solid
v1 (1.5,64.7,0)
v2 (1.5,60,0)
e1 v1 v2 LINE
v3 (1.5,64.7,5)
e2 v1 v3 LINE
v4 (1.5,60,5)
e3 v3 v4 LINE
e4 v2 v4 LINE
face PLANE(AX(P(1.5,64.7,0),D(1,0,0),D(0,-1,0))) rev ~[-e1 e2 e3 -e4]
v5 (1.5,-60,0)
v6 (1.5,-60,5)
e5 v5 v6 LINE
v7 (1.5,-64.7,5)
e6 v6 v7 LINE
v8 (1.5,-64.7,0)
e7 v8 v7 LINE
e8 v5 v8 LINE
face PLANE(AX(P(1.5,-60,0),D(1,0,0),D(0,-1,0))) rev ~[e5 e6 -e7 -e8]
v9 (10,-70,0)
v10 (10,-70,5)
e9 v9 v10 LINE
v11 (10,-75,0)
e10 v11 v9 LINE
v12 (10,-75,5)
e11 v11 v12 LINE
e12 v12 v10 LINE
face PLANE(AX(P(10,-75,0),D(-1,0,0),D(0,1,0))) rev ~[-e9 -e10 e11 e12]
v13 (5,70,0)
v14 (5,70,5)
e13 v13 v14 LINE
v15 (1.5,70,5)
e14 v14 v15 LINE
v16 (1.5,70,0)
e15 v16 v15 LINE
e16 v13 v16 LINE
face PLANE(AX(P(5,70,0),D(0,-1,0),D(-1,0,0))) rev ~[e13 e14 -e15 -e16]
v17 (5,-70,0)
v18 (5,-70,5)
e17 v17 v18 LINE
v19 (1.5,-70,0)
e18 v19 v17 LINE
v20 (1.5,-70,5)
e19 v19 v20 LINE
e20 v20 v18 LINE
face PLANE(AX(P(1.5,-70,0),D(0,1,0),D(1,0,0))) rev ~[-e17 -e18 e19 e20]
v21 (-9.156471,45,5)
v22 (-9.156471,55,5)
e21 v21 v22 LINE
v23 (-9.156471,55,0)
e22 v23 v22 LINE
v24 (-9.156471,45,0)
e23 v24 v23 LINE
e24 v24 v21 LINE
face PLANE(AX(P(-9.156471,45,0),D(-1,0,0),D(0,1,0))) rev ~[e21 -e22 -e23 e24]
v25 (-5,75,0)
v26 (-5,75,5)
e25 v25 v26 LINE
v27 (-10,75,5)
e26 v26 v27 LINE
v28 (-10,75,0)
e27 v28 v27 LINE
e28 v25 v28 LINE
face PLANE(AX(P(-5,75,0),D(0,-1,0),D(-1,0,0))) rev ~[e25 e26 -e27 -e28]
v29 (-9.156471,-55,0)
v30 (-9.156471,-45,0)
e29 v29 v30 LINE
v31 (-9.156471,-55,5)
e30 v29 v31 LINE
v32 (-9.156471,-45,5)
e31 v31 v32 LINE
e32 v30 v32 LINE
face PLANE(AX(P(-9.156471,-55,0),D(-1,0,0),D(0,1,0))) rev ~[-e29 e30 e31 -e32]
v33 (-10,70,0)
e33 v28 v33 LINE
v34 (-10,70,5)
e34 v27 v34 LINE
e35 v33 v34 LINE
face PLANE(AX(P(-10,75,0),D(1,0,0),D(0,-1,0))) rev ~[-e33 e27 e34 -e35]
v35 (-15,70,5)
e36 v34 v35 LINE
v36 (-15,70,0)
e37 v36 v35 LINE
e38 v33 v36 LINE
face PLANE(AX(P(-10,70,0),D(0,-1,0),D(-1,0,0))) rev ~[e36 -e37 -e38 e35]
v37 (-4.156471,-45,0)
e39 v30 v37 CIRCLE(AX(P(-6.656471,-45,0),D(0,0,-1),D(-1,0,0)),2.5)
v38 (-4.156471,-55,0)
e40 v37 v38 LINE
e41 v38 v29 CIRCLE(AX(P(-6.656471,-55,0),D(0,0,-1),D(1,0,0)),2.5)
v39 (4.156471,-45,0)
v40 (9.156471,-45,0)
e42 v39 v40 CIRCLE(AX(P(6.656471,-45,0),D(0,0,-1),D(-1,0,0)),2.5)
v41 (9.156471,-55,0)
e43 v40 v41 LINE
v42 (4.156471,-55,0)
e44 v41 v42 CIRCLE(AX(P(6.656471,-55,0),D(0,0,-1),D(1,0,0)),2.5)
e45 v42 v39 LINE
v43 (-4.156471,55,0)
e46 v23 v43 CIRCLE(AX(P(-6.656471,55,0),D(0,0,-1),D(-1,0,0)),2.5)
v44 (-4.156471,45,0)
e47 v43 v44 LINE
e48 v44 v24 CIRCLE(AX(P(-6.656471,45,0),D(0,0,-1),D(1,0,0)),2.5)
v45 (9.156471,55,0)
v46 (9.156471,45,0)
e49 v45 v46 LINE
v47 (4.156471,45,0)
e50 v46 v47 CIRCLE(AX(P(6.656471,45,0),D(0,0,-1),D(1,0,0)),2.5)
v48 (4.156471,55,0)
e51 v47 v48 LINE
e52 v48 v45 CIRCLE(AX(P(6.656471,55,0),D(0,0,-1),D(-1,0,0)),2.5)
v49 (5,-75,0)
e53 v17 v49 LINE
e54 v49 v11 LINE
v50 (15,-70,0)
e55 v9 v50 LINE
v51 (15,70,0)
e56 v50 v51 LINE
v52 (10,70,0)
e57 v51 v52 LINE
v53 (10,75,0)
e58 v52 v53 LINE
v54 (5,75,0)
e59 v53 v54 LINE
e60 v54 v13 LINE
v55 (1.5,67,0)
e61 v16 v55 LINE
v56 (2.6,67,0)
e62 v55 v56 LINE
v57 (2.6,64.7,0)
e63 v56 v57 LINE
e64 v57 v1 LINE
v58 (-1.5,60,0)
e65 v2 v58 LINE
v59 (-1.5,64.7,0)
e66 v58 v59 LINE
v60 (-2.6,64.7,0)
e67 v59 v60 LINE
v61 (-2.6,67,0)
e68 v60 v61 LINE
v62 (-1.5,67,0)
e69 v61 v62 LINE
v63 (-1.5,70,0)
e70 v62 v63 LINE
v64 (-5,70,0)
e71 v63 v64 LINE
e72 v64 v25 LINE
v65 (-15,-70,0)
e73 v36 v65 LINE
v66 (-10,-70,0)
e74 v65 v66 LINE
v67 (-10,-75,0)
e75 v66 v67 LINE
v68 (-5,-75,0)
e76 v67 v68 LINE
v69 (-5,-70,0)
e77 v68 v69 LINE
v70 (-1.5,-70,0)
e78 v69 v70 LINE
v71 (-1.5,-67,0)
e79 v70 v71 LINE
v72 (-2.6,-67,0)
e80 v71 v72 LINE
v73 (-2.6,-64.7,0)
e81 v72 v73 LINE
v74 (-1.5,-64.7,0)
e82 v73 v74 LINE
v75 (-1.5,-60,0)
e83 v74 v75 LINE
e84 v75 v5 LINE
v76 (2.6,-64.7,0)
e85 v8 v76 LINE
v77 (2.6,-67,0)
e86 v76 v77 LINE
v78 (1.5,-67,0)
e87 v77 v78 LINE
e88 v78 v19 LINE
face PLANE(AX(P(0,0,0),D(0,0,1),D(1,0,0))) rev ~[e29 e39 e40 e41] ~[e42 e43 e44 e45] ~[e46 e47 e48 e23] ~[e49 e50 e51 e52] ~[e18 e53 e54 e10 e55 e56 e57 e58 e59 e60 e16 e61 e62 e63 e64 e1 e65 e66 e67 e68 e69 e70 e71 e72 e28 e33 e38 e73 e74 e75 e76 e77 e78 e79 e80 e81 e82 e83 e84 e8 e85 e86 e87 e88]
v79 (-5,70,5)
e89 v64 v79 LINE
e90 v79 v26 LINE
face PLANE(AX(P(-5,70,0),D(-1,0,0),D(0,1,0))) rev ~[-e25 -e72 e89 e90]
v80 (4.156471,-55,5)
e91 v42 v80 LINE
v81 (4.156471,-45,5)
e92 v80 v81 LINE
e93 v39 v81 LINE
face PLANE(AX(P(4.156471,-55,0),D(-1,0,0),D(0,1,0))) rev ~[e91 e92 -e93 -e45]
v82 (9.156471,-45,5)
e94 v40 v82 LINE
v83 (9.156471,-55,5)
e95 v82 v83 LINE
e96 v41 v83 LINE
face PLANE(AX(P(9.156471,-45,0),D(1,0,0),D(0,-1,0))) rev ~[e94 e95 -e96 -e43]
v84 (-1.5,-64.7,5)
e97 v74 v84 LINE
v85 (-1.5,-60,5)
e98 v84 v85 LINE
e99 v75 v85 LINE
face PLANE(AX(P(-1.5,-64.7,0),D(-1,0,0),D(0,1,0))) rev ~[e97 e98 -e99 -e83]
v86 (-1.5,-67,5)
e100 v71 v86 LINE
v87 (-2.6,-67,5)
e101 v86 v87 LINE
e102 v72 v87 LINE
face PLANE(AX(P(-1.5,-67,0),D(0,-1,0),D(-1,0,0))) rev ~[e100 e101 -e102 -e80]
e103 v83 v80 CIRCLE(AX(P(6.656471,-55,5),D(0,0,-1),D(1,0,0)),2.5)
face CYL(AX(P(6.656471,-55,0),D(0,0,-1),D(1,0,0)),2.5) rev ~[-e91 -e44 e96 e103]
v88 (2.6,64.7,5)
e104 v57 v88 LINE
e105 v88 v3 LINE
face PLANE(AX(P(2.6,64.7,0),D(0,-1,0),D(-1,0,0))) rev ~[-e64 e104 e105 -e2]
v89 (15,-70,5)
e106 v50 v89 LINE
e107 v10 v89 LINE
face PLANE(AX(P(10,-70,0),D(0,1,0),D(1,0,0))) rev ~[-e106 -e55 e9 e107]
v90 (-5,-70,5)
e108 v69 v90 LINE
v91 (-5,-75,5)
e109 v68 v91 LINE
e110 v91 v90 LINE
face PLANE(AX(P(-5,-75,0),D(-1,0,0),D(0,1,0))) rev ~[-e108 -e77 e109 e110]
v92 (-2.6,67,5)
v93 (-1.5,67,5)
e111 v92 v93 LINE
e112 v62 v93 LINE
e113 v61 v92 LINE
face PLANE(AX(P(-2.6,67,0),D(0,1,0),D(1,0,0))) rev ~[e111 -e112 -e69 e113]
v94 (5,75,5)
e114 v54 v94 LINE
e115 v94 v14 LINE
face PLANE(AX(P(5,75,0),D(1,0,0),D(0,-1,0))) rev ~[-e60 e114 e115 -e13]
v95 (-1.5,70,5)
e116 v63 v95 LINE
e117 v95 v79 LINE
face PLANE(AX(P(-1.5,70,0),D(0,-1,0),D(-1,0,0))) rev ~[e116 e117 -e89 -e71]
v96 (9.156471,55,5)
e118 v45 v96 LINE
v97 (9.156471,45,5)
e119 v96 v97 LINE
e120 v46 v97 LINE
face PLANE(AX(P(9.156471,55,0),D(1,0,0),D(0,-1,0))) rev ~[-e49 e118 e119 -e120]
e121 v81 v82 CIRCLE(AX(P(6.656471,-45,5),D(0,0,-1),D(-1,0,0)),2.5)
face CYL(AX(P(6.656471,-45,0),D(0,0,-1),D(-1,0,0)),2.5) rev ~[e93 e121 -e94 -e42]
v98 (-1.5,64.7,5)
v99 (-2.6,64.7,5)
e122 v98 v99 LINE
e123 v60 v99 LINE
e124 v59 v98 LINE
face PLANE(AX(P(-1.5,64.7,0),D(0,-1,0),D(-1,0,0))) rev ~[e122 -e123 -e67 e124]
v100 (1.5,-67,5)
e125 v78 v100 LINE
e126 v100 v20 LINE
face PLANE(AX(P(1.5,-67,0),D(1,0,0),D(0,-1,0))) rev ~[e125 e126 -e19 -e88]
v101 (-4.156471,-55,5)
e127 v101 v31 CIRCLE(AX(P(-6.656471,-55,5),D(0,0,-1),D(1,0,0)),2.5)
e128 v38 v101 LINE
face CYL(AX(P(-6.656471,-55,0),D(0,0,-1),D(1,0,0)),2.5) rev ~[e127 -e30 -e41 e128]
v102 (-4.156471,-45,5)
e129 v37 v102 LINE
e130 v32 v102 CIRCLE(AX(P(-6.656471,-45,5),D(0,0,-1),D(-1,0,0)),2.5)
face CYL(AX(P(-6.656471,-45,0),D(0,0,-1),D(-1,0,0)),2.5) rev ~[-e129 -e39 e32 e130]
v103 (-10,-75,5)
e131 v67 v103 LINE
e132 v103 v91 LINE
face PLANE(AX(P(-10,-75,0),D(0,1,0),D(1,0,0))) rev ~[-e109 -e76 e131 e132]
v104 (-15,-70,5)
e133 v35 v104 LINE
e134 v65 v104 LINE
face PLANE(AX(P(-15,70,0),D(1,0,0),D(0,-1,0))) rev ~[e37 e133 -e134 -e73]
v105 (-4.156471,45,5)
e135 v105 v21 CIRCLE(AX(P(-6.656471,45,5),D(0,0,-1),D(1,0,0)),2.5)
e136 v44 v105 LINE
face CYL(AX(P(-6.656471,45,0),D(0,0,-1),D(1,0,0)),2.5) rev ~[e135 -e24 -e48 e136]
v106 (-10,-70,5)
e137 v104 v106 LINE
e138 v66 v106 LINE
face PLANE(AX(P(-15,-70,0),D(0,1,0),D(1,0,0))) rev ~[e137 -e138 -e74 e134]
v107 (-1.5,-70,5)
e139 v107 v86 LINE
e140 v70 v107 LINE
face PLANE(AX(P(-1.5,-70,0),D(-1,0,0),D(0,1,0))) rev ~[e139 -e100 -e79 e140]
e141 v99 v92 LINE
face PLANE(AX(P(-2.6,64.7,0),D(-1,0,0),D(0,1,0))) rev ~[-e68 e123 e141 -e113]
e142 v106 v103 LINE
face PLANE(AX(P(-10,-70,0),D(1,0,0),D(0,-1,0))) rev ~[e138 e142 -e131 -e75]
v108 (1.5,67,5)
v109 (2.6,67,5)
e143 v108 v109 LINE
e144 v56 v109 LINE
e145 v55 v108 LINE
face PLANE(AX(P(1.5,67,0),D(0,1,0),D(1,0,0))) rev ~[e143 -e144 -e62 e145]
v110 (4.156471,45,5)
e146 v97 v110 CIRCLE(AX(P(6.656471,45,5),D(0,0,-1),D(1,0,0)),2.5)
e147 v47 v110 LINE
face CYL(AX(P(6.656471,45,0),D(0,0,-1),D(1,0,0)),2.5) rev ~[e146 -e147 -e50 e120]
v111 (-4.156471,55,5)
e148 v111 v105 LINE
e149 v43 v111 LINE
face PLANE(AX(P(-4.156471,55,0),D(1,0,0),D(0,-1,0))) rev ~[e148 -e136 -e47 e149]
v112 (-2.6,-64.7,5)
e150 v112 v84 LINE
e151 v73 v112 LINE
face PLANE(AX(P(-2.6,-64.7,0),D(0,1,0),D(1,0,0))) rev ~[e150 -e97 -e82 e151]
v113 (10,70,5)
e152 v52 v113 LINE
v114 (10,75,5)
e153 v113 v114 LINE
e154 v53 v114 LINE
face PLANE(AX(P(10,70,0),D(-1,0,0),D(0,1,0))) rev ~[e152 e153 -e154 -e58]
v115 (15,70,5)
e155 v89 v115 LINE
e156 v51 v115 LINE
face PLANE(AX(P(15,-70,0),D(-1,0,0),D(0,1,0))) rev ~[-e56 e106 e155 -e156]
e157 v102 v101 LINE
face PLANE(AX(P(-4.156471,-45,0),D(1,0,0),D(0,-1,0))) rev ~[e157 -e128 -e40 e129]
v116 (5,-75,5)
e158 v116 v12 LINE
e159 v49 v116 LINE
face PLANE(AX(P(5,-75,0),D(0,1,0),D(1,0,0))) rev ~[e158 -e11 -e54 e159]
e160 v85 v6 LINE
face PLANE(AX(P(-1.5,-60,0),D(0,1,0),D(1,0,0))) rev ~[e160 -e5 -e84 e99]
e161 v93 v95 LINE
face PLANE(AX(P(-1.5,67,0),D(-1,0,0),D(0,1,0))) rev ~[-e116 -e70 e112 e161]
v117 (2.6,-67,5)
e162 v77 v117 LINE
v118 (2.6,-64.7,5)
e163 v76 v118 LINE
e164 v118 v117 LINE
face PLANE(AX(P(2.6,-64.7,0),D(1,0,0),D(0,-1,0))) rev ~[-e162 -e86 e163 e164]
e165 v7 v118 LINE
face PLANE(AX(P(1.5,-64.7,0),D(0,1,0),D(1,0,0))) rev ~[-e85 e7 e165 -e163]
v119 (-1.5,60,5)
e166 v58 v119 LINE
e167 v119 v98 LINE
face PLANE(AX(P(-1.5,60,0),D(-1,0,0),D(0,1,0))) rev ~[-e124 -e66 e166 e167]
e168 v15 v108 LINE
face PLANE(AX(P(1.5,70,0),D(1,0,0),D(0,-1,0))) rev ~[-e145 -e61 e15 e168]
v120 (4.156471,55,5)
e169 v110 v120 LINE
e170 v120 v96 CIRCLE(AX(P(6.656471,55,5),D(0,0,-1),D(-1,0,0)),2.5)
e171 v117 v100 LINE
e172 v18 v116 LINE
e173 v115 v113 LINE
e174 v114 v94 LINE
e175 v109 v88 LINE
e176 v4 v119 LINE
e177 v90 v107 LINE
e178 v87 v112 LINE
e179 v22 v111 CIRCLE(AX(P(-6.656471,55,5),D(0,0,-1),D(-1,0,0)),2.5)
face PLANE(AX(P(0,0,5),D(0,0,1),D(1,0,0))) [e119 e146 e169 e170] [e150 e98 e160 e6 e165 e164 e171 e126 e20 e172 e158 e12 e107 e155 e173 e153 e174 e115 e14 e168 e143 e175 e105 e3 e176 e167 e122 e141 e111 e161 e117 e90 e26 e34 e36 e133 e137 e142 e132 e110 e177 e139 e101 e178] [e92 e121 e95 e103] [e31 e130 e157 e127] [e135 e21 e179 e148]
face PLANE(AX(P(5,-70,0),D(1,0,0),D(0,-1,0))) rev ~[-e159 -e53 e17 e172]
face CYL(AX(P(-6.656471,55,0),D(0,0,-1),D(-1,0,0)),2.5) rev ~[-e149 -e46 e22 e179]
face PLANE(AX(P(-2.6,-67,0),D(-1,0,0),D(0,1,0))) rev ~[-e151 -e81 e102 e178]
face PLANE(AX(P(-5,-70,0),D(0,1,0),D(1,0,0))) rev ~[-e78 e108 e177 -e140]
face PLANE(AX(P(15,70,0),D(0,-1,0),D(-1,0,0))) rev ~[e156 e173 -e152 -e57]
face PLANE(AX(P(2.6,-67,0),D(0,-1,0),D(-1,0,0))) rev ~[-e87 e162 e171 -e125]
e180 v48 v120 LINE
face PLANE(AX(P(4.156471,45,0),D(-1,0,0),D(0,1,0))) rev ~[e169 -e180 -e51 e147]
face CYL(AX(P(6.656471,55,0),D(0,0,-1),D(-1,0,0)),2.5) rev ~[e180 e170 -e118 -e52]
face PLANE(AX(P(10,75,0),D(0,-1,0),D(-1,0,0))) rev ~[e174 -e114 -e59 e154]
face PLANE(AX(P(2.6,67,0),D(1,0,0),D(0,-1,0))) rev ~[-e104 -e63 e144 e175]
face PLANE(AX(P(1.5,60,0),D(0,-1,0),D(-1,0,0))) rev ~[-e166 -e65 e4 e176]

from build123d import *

# Parameters (mm, degrees)
BOSS_EXTRUDE1_DEPTH = 5


with BuildPart() as part:
    # Sketch1 → Boss-Extrude1 (new body)
    with BuildSketch(Plane.XY):
        Polygon((-10, 70), (-15, 70), (-15, -70), (-10, -70), (-10, -75), (-5, -75), (-5, -70), (-1.5, -70), (-1.5, -67), (-2.6, -67), (-2.6, -64.7), (-1.5, -64.7), (-1.5, -60), (1.5, -60), (1.5, -64.7), (2.6, -64.7), (2.6, -67), (1.5, -67), (1.5, -70), (5, -70), (5, -75), (10, -75), (10, -70), (15, -70), (15, 70), (10, 70), (10, 75), (5, 75), (5, 70), (1.5, 70), (1.5, 67), (2.6, 67), (2.6, 64.7), (1.5, 64.7), (1.5, 60), (-1.5, 60), (-1.5, 64.7), (-2.6, 64.7), (-2.6, 67), (-1.5, 67), (-1.5, 70), (-5, 70), (-5, 75), (-10, 75), align=None)
        with BuildLine():
            ThreePointArc((-4.156470727, -55), (-6.656470727, -57.5), (-9.156470727, -55))
            Line((-9.156470727, -55), (-9.156470727, -45))
            ThreePointArc((-9.156470727, -45), (-6.656470727, -42.5), (-4.156470727, -45))
            Line((-4.156470727, -45), (-4.156470727, -55))
        make_face(mode=Mode.SUBTRACT)
        with BuildLine():
            Line((9.156470727, -45), (9.156470727, -55))
            ThreePointArc((9.156470727, -55), (6.656470727, -57.5), (4.156470727, -55))
            Line((4.156470727, -55), (4.156470727, -45))
            ThreePointArc((4.156470727, -45), (6.656470727, -42.5), (9.156470727, -45))
        make_face(mode=Mode.SUBTRACT)
        with BuildLine():
            Line((-9.156470727, 45), (-9.156470727, 55))
            ThreePointArc((-9.156470727, 55), (-6.656470727, 57.5), (-4.156470727, 55))
            Line((-4.156470727, 55), (-4.156470727, 45))
            ThreePointArc((-4.156470727, 45), (-6.656470727, 42.5), (-9.156470727, 45))
        make_face(mode=Mode.SUBTRACT)
        with BuildLine():
            ThreePointArc((4.156470727, 55), (6.656470727, 57.5), (9.156470727, 55))
            Line((9.156470727, 55), (9.156470727, 45))
            ThreePointArc((9.156470727, 45), (6.656470727, 42.5), (4.156470727, 45))
            Line((4.156470727, 45), (4.156470727, 55))
        make_face(mode=Mode.SUBTRACT)
    extrude(amount=BOSS_EXTRUDE1_DEPTH)


solid = part.part
